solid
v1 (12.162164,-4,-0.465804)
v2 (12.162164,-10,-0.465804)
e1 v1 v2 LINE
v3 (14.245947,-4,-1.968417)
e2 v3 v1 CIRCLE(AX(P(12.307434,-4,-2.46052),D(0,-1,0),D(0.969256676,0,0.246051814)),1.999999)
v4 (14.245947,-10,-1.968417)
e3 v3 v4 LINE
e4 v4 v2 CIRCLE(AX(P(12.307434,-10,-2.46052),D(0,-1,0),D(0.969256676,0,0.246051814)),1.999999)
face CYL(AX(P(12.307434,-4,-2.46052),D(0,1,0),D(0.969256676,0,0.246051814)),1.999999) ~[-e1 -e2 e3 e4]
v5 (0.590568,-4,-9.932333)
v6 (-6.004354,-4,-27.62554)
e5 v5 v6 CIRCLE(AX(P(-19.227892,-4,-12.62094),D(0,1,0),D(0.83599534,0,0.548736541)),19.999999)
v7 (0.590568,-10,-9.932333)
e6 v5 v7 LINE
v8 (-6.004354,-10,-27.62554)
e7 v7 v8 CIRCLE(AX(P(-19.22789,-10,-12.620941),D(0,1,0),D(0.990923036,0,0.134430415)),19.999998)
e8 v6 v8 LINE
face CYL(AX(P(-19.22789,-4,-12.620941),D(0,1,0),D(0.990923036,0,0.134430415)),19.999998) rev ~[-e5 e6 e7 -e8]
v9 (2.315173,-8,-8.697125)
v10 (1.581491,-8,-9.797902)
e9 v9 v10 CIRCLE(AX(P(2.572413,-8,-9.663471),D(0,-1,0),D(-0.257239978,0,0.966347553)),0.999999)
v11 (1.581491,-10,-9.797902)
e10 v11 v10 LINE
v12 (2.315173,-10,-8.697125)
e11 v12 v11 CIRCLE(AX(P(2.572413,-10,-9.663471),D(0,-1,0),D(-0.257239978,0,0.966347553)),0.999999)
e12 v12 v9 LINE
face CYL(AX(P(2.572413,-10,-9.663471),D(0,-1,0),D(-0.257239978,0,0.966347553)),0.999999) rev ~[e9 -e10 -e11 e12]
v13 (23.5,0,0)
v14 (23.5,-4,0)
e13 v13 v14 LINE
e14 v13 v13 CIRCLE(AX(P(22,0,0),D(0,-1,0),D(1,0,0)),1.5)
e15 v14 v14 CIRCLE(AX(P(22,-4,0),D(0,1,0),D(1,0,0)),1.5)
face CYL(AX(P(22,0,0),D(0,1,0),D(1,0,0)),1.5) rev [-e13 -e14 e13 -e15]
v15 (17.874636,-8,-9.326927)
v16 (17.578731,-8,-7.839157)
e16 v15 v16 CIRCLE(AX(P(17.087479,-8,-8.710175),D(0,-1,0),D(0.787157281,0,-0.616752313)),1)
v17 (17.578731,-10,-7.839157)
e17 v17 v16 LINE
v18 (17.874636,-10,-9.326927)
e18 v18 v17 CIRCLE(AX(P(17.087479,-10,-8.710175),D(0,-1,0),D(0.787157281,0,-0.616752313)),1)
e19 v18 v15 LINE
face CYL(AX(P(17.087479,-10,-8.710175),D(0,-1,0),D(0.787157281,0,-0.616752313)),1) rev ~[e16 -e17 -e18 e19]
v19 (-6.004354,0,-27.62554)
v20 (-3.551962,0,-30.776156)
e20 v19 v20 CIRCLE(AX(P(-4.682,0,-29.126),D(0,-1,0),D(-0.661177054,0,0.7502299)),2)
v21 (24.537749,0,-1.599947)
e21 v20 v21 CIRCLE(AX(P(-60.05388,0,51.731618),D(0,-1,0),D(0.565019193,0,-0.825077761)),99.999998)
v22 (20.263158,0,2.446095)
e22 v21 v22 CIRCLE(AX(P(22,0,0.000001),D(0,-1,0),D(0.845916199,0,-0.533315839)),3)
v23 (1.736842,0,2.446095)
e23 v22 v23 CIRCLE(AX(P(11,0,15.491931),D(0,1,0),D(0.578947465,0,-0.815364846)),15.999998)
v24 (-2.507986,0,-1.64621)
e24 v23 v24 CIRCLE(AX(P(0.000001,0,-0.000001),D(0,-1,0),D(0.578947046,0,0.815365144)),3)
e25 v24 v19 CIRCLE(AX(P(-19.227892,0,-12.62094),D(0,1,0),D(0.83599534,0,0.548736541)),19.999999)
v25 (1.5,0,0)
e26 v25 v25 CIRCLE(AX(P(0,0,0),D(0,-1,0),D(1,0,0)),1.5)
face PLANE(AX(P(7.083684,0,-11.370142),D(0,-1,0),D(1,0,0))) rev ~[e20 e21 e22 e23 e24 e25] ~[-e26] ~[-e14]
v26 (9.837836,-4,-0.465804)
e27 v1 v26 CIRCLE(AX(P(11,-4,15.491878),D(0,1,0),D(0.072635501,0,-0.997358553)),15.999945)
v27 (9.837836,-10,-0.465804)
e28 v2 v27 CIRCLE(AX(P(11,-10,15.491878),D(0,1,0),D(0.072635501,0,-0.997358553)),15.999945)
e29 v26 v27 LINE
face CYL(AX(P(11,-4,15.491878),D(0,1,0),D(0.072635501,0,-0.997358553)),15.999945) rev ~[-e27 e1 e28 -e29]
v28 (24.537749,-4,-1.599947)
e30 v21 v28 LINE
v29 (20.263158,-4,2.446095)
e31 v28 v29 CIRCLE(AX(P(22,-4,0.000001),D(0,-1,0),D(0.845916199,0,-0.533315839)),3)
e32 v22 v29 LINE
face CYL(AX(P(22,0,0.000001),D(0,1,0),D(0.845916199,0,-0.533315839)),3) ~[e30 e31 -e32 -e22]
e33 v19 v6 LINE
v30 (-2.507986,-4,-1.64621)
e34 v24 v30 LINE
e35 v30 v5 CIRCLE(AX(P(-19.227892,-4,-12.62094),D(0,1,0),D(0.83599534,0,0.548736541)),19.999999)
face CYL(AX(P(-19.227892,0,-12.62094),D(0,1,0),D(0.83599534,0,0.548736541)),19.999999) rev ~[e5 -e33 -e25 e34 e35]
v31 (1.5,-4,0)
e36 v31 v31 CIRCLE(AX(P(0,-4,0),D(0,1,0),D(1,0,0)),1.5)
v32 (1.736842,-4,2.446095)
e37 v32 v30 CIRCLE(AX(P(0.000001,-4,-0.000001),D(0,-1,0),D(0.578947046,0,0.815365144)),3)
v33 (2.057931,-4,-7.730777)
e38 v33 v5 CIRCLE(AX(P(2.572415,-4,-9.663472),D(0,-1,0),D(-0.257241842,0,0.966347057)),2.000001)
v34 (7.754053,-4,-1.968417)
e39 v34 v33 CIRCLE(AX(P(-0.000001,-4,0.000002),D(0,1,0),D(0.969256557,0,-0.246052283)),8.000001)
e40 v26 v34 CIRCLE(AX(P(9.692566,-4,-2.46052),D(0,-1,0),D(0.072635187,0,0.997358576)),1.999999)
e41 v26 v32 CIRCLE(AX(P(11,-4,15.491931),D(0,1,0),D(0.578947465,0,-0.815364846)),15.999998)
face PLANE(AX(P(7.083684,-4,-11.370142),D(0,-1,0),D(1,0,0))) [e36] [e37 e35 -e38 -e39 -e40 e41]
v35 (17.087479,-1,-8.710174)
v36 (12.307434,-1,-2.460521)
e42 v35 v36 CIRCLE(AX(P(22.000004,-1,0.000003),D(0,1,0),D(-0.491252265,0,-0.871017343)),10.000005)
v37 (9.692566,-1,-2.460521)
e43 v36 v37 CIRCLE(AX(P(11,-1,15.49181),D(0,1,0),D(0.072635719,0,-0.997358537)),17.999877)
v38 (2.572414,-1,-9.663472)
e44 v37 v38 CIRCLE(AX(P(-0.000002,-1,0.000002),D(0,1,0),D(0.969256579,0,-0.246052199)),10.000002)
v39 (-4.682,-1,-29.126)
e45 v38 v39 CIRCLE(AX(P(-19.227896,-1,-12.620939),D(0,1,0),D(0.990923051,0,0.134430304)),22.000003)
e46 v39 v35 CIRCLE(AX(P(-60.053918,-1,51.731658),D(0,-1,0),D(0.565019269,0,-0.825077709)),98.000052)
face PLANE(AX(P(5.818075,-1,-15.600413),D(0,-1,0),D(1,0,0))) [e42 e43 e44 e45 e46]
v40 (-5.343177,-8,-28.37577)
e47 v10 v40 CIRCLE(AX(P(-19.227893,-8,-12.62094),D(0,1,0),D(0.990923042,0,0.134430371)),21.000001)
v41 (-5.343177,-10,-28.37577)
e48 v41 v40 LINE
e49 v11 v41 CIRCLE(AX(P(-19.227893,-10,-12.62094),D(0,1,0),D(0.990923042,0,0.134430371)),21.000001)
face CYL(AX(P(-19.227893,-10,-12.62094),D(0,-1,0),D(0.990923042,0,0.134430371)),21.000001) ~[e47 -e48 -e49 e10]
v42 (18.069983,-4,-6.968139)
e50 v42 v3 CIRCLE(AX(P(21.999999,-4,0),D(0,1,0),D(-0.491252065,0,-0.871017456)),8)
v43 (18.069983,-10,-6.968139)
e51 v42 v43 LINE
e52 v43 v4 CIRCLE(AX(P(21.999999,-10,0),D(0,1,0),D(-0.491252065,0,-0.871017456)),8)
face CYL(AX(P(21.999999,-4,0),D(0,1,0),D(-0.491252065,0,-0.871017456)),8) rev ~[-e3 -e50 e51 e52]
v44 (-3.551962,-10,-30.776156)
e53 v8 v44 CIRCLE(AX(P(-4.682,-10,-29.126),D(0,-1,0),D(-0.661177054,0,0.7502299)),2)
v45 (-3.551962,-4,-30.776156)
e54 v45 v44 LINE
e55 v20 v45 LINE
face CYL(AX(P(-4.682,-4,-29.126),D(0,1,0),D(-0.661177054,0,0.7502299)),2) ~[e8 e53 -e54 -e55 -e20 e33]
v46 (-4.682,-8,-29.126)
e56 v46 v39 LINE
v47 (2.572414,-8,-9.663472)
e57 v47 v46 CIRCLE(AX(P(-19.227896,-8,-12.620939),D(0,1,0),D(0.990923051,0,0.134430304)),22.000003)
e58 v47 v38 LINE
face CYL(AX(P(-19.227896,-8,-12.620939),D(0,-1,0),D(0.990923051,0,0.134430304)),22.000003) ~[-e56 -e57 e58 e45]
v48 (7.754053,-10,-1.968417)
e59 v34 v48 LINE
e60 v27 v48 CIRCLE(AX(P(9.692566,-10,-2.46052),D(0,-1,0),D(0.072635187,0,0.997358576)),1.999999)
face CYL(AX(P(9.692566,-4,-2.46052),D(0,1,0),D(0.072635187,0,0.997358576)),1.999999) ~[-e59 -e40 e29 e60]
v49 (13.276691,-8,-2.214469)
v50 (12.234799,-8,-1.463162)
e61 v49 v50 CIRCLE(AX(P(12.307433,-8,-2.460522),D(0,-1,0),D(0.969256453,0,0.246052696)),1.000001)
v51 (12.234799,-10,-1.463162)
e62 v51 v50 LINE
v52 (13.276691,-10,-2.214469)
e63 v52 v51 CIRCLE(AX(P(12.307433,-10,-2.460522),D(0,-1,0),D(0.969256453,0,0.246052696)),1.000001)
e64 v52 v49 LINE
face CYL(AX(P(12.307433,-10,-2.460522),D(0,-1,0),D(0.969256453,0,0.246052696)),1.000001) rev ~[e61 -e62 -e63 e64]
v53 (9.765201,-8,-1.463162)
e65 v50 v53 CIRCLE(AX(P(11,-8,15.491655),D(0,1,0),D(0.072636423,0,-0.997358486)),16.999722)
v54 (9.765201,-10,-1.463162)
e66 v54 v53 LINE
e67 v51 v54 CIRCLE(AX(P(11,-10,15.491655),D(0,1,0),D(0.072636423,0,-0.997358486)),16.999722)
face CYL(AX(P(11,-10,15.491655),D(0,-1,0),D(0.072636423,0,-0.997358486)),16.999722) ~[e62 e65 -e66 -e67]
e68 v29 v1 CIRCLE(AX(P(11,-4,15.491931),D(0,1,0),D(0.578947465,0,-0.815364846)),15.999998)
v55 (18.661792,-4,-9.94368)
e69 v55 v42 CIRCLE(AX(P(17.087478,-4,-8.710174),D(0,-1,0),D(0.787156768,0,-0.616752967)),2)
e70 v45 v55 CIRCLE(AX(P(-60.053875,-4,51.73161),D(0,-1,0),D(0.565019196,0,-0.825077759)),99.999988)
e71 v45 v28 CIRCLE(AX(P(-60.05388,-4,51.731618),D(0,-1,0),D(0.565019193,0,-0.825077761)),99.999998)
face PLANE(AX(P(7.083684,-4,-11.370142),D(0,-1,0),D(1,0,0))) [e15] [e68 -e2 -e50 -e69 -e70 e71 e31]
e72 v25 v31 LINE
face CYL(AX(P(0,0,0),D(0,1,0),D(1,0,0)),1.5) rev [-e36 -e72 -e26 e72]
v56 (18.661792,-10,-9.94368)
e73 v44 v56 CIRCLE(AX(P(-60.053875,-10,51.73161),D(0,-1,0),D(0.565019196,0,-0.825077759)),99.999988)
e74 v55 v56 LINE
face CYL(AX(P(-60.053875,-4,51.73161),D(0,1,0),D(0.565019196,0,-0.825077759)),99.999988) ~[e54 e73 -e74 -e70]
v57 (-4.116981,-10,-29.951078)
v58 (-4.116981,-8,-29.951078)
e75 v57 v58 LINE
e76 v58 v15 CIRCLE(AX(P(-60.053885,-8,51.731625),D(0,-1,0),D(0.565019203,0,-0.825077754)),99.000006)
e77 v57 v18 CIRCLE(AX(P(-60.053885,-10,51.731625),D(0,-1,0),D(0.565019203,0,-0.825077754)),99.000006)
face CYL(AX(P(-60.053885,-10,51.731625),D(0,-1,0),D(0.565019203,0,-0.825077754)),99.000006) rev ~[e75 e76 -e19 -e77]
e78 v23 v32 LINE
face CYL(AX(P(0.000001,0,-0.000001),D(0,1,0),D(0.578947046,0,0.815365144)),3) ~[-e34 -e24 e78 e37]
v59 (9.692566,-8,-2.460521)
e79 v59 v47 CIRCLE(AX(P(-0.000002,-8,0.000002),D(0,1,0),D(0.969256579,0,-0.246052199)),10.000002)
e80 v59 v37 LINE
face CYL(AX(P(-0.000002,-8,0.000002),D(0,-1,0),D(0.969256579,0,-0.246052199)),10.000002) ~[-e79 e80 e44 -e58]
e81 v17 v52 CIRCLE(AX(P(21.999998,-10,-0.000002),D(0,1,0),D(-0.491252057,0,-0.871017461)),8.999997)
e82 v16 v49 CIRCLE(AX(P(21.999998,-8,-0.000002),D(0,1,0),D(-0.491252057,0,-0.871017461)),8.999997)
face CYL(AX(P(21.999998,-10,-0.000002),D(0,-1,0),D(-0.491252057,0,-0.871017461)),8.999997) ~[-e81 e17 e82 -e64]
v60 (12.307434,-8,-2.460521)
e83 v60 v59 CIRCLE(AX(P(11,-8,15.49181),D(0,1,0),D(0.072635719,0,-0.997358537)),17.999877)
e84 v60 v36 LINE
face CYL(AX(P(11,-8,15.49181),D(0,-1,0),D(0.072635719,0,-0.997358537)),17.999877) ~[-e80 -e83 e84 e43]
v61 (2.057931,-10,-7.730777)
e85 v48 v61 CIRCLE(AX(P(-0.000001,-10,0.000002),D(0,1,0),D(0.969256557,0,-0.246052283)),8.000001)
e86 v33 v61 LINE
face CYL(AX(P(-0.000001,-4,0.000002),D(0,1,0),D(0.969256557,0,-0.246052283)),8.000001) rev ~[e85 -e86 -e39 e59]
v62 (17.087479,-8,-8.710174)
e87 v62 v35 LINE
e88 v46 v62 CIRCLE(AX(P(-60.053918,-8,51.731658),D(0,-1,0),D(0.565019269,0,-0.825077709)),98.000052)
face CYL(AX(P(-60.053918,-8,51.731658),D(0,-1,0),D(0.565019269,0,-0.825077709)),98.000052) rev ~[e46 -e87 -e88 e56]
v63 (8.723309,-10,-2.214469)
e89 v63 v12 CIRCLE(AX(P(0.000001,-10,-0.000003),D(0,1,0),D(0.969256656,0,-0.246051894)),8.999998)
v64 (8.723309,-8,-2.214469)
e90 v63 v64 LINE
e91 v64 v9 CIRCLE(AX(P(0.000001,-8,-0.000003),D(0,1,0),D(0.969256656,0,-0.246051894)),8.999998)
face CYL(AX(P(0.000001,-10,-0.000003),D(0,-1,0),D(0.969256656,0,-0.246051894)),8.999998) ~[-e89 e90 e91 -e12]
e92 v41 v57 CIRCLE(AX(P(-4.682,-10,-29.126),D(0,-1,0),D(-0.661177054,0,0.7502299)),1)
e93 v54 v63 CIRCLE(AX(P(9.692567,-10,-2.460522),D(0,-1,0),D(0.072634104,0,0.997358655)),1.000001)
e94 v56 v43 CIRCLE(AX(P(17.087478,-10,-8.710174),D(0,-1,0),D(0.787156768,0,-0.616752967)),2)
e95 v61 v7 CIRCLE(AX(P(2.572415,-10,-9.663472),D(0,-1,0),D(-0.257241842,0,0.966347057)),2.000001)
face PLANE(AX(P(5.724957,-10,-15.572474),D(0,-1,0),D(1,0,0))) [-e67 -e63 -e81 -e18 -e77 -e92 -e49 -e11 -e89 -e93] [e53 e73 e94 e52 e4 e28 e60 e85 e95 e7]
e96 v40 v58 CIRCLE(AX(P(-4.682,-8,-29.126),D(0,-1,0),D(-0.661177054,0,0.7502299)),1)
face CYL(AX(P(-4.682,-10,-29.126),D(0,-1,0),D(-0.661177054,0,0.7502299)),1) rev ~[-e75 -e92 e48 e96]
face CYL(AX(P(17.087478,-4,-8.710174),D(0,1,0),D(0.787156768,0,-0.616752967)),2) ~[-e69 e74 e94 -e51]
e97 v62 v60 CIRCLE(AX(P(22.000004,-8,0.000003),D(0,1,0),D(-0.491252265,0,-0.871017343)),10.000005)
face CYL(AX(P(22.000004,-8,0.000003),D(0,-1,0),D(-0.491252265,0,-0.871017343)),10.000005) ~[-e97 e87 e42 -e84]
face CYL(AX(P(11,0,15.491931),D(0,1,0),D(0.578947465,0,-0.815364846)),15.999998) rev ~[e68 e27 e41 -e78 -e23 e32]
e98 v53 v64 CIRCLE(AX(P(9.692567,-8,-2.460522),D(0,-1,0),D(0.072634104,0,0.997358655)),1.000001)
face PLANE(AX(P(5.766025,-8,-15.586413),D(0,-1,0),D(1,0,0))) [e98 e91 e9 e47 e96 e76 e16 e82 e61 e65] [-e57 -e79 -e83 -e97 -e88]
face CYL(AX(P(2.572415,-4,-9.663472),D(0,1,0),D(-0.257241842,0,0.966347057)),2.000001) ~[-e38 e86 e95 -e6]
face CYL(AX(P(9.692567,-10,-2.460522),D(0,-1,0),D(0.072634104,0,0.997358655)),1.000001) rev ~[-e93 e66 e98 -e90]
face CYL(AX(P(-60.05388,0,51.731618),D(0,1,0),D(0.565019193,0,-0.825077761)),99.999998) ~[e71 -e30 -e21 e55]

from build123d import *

# Parameters (mm, degrees)
F1_DEPTH = 4
F3_DEPTH = 6
F5_DEPTH = 2
F7_DEPTH = 7
F8_R     = 1.5
F9_DEPTH = 10.001


with BuildPart() as f1:
    # F0 (on Front) → F1 (new body)
    with BuildSketch(Plane.XZ):
        with BuildLine():
            ThreePointArc((20.263158, 2.446095), (11, -0.508067), (1.736842, 2.446095))
            ThreePointArc((1.736842, 2.446095), (-2.082163, 2.159767), (-2.507986, -1.64621))
            ThreePointArc((-2.507986, -1.64621), (0.593406, -15.288544), (-6.004354, -27.62554))
            ThreePointArc((-6.004354, -27.62554), (-6.26024, -30.354478), (-3.551962, -30.776156))
            ThreePointArc((-3.551962, -30.776156), (11.985415, -17.624993), (24.537749, -1.599947))
            ThreePointArc((24.537749, -1.599947), (24.062275, 2.178767), (20.263158, 2.446095))
        make_face()
    extrude(amount=F1_DEPTH)

    # F2 (on face) → F3 (join)
    with BuildSketch(Plane.XZ.offset(4)):
        with BuildLine():
            ThreePointArc((7.754053, -1.968417), (5.68946, -5.624059), (2.057931, -7.730777))
            ThreePointArc((2.057931, -7.730777), (0.908195, -8.554249), (0.590568, -9.932333))
            ThreePointArc((0.590568, -9.932333), (-0.487406, -19.606222), (-6.004354, -27.62554))
            ThreePointArc((-6.004354, -27.62554), (-6.26024, -30.354478), (-3.551962, -30.776156))
            ThreePointArc((-3.551962, -30.776156), (8.352605, -21.210498), (18.661792, -9.94368))
            ThreePointArc((18.661792, -9.94368), (19.049057, -8.320033), (18.069983, -6.968139))
            ThreePointArc((18.069983, -6.968139), (15.645578, -4.860177), (14.245947, -1.968417))
            ThreePointArc((14.245947, -1.968417), (13.477217, -0.838298), (12.162164, -0.465804))
            ThreePointArc((12.162164, -0.465804), (11, -0.508067), (9.837836, -0.465804))
            ThreePointArc((9.837836, -0.465804), (8.522783, -0.838298), (7.754053, -1.968417))
        make_face()
    extrude(amount=F3_DEPTH)

    # F4 (on face) → F5 (cut)
    with BuildSketch(Plane.XZ.offset(10)):
        with BuildLine():
            ThreePointArc((1.581491, -9.797902), (0.449618, -19.955486), (-5.343177, -28.37577))
            ThreePointArc((-5.343177, -28.37577), (-5.47112, -29.740239), (-4.116981, -29.951078))
            ThreePointArc((-4.116981, -29.951078), (7.66854, -20.481077), (17.874636, -9.326927))
            ThreePointArc((17.874636, -9.326927), (18.068268, -8.515104), (17.578731, -7.839157))
            ThreePointArc((17.578731, -7.839157), (14.851275, -5.467699), (13.276691, -2.214469))
            ThreePointArc((13.276691, -2.214469), (12.892325, -1.649409), (12.234799, -1.463162))
            ThreePointArc((12.234799, -1.463162), (11, -1.508067), (9.765201, -1.463162))
            ThreePointArc((9.765201, -1.463162), (9.107675, -1.649409), (8.723309, -2.214469))
            ThreePointArc((8.723309, -2.214469), (6.400643, -6.327067), (2.315173, -8.697125))
            ThreePointArc((2.315173, -8.697125), (1.740304, -9.108861), (1.581491, -9.797902))
        make_face()
    extrude(amount=-F5_DEPTH, mode=Mode.SUBTRACT)

    # F6 (on face) → F7 (cut)
    with BuildSketch(Plane.XZ.offset(8)):
        with BuildLine():
            ThreePointArc((-4.682, -29.126), (6.984475, -19.751655), (17.087479, -8.710174))
            ThreePointArc((17.087479, -8.710174), (14.056973, -6.075221), (12.307434, -2.460521))
            ThreePointArc((12.307434, -2.460521), (11, -2.508067), (9.692566, -2.460521))
            ThreePointArc((9.692566, -2.460521), (7.111825, -7.030074), (2.572414, -9.663472))
            ThreePointArc((2.572414, -9.663472), (1.386642, -20.30475), (-4.682, -29.126))
        make_face()
    extrude(amount=-F7_DEPTH, mode=Mode.SUBTRACT)

    # F8 (on Front) → F9 (cut, through all)
    with BuildSketch(Plane.XZ):
        Circle(F8_R)
        with Locations((22, 0)):
            Circle(F8_R)
    extrude(amount=F9_DEPTH, mode=Mode.SUBTRACT)


solid = f1.part
